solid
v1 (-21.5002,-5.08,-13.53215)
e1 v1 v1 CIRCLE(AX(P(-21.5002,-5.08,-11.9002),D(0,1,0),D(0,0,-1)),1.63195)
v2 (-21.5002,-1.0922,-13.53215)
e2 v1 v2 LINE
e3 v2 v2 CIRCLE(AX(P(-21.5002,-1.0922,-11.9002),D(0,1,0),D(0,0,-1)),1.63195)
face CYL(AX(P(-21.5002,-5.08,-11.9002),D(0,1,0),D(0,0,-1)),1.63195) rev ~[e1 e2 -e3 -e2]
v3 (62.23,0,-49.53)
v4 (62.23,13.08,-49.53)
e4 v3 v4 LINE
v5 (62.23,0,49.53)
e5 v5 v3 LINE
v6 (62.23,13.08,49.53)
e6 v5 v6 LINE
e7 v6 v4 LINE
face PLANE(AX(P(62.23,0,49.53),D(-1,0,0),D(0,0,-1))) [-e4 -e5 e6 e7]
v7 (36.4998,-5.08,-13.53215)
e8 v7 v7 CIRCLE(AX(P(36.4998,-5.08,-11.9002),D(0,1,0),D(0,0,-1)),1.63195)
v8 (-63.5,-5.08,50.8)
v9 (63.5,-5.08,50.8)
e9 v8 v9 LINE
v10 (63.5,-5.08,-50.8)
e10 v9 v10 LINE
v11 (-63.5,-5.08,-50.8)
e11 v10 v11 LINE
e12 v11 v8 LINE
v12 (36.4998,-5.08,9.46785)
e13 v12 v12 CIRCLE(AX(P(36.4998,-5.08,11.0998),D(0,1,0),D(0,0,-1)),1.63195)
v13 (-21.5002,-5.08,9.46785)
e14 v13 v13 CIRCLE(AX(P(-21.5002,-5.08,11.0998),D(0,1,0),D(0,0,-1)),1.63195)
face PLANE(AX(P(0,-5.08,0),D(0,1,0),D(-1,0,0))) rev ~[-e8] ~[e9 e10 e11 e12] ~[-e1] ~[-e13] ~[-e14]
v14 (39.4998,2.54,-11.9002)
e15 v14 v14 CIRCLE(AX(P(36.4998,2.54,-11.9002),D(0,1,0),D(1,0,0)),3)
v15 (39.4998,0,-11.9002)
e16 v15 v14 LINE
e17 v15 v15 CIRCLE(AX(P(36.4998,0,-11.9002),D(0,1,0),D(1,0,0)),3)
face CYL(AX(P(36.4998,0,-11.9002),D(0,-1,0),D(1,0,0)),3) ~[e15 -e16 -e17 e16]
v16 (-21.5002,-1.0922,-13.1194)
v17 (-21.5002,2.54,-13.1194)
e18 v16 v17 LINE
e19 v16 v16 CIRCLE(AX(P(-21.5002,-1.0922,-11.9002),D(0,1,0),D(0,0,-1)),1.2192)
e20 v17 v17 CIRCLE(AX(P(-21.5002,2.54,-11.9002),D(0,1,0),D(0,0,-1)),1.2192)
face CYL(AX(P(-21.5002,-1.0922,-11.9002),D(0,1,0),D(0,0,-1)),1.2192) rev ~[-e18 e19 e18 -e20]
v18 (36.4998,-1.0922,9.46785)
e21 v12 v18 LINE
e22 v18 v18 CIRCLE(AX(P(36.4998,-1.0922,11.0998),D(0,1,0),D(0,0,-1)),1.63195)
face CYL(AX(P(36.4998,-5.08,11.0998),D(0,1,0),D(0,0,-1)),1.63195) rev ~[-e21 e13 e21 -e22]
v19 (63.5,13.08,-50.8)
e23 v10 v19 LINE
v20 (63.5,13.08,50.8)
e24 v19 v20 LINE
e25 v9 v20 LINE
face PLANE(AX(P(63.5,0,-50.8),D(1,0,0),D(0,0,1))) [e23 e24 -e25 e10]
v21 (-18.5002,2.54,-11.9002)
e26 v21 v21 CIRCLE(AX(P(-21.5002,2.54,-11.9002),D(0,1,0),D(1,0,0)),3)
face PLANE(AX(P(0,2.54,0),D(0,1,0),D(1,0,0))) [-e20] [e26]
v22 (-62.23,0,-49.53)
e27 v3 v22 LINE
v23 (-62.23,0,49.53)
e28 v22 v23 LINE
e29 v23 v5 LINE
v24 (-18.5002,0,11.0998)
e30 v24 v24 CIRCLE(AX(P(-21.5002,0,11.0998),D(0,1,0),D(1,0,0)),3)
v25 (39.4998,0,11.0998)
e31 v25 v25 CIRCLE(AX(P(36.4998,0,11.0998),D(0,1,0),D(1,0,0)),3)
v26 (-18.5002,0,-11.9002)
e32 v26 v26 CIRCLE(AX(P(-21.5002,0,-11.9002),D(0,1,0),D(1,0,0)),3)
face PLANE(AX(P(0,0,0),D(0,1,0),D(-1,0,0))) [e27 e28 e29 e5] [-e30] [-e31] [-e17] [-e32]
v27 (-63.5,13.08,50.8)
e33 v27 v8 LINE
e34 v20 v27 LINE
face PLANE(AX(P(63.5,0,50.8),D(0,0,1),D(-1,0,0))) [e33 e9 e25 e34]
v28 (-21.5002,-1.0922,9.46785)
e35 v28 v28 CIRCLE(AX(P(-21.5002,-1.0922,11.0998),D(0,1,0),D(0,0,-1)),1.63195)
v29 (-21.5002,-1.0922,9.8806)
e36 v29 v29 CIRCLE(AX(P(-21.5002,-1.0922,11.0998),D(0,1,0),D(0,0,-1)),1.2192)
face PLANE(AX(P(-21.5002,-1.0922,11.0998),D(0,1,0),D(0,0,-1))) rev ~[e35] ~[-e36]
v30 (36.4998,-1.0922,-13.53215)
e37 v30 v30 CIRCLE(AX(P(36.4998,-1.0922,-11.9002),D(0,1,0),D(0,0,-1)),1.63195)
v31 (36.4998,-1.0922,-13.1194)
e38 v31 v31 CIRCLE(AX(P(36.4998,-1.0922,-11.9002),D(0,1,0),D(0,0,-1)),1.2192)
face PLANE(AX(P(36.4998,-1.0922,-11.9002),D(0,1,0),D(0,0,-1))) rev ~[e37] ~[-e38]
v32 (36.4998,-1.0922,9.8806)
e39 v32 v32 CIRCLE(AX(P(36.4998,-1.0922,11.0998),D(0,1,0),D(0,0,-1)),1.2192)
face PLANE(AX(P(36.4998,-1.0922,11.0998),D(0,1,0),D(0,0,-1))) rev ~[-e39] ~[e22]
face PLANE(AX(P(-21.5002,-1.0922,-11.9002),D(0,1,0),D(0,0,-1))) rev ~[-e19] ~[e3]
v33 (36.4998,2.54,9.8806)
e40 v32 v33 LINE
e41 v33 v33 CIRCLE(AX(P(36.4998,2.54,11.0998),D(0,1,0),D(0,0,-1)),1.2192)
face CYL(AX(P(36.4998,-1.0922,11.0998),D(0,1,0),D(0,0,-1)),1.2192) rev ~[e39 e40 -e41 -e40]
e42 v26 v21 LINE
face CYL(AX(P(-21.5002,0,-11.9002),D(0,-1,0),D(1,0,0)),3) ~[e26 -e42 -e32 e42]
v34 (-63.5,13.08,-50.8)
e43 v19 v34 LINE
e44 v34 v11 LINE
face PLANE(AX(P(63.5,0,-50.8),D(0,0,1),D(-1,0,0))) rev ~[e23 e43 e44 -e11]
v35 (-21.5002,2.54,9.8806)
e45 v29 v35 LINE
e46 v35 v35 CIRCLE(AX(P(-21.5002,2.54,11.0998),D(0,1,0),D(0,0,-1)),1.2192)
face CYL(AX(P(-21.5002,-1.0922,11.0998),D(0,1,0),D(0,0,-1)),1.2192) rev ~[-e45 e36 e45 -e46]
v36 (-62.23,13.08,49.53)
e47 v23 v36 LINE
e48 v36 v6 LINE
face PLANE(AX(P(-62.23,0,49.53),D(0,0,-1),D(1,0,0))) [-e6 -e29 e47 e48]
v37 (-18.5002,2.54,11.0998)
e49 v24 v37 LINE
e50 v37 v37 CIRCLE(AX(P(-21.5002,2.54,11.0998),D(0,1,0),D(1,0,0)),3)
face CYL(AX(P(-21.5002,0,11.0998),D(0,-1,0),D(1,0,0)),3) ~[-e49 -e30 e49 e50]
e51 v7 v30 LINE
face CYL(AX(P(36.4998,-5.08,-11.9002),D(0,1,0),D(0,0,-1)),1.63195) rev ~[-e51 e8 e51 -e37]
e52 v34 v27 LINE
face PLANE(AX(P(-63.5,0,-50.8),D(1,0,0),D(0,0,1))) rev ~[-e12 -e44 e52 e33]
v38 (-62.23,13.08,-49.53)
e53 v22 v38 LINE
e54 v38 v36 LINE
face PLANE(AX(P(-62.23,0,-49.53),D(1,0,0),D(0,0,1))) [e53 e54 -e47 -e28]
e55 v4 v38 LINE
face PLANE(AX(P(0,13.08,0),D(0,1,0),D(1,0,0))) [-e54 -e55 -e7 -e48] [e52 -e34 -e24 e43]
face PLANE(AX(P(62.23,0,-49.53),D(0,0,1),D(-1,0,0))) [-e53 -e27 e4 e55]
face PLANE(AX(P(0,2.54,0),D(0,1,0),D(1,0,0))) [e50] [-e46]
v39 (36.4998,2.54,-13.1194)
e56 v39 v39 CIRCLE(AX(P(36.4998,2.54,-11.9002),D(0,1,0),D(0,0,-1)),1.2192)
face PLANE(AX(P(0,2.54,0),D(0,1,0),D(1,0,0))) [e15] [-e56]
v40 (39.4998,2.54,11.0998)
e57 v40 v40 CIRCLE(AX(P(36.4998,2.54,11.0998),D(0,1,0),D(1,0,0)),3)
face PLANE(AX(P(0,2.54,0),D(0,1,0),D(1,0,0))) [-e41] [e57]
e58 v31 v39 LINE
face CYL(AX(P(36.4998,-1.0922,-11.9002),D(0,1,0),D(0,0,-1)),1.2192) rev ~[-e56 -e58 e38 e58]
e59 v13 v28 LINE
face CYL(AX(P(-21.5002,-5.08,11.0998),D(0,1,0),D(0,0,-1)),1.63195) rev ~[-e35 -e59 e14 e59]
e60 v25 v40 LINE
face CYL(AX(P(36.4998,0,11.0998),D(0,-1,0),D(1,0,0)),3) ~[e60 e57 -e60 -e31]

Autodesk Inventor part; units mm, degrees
ref_plane "YZ Plane" through (0, 0, 0) normal (1, 0, 0) x (0, 1, 0)
ref_plane "XZ Plane" through (0, 0, 0) normal (0, 1, 0) x (-1, 0, 0)
ref_plane "XY Plane" through (0, 0, 0) normal (0, 0, 1) x (1, 0, 0)
sketch "Sketch1" plane through (0, 0, 0) normal (0, 1, 0) x (-1, 0, 0)
  line L0 (63.5, 50.8) -> (-63.5, 50.8)
  line L1 (-63.5, 50.8) -> (-63.5, -50.8)
  line L2 (-63.5, -50.8) -> (63.5, -50.8)
  line L3 (63.5, -50.8) -> (63.5, 50.8)
  line L4 (63.5, 50.8) -> (-63.5, -50.8) construction
  line L5 (-63.5, 50.8) -> (63.5, -50.8) construction
  point P0 (0, 0)
  dimension "d0" = 127
  dimension "d1" = 101.6
extrude "Extrusion1" add sketch "Sketch1" against normal blind 5.08
sketch "Sketch26" plane through (0, 0, 0) normal (0, 1, 0) x (1, 0, 0)
  line L0 (-21.5002, -11.0998) -> (36.4998, -11.0998) construction
  line L1 (36.4998, -11.0998) -> (36.4998, 11.9002) construction
  line L2 (36.4998, 11.9002) -> (-21.5002, 11.9002) construction
  line L3 (-21.5002, 11.9002) -> (-21.5002, -11.0998) construction
  line L4 (-63.5, -50.8) -> (63.5, -50.8) construction
  line L5 (63.5, -50.8) -> (-63.5, -50.8) construction
  circle A0 centre (-21.5002, -11.0998) radius 3
  circle A1 centre (-21.5002, 11.9002) radius 3
  circle A2 centre (36.4998, 11.9002) radius 3
  circle A3 centre (36.4998, -11.0998) radius 3
  line L6 (63.5, -50.8) -> (63.5, 50.8) projected
  line L7 (-21.5002, 0.4002) -> (36.4998, 0.4002) construction
  point P0 (0, 0)
  dimension "d173" = 58
  dimension "d174" = 23
  dimension "d175" = 39.7002
  dimension "d176" = 6
  dimension "d190" = 27.0002
  dimension "piZeroCenterLine" = 0.4002
extrude "Extrusion12" add sketch "Sketch26" along normal blind 2.54
sketch "Sketch27" plane through (0, -5.08, 0) normal (0, -1, 0) x (1, 0, 0)
  circle A0 centre (-21.5002, 11.0998) radius 3 projected
  circle A1 centre (-21.5002, -11.9002) radius 3 projected
  circle A2 centre (36.4998, -11.9002) radius 3 projected
  circle A3 centre (36.4998, 11.0998) radius 3 projected
  point P0 (0, 0)
hole "Hole17" at (-21.5002, -5.08, 11.0998) at (36.4998, -5.08, 11.0998) at (36.4998, -5.08, -11.9002) at (-21.5002, -5.08, -11.9002) direction (0, 1, 0) diameter 2.4384 end through all counterbore diameter 3.2639 counterbore depth 3.9878
sketch "Sketch28" plane through (0, 0, 0) normal (0, 1, 0) x (1, 0, 0)
  line L0 (63.5, -50.8) -> (-63.5, -50.8) projected
  line L1 (63.5, 50.8) -> (63.5, -50.8) projected
  line L2 (-63.5, -50.8) -> (63.5, -50.8)
  line L3 (63.5, -50.8) -> (63.5, 50.8)
  line L4 (63.5, 50.8) -> (-63.5, 50.8)
  line L5 (-63.5, 50.8) -> (-63.5, -50.8)
  line L6 (-62.23, -49.53) -> (62.23, -49.53)
  line L7 (62.23, -49.53) -> (62.23, 49.53)
  line L8 (62.23, 49.53) -> (-62.23, 49.53)
  line L9 (-62.23, 49.53) -> (-62.23, -49.53)
  line L10 (-62.23, -49.53) -> (62.23, 49.53) construction
  line L11 (62.23, -49.53) -> (-62.23, 49.53) construction
  point P0 (0, 0)
  dimension "d186" = 1.27
  dimension "d187" = 1.27
extrude "Extrusion13" add sketch "Sketch28" along normal blind 13.08
sketch "Sketch22" plane through (0, -5.08, 0) normal (0, -1, 0) x (1, 0, 0)
  point P0 (34.92, -17.42)
  point P1 (34.92, 17.42)
  point P2 (-34.92, 17.42)
  point P3 (-34.92, -17.42)
equation "\"d0\" = LargeCaseLength"
equation "\"d1\" = LargeCaseWidth"
equation "\"d2\" = CaseFloorThickness"
equation "\"d173\" = PiZeroMoutingHolesLength"
equation "\"d174\" = PiZeroMountingHolesWidth"
equation "\"d175\" = PiZeroHolesDistanceFromSideWall"
equation "\"d176\" = PiZeroHoleSupport"
equation "\"d190\" = PiZeroHolesDistanceFromBottomWall"
equation "\"d177\" = PiZeroWHoleHeight"
equation "\"d186\" = CaseWallThickness"
equation "\"d187\" = CaseWallThickness"
equation "\"d188\" = CaseHeight"
equation "\"PiZeroWLength\" = 65"
equation "\"PiZeroWWidth\" = 30"
equation "\"CaseLength\" = PiZeroWLength + 2 * EndOfCaseToStartOfPiZero"
equation "\"CaseWidth\" = PiZeroWWidth + 2 * EndOfCaseToStartOfPiZero"
equation "\"PiZeroWMountingHole\" = 2.75"
equation "\"CaseWallThickness\" = 1.27"
equation "\"CaseFloorThickness\" = 5.08"
equation "\"PiZeroMoutingHolesLength\" = 58"
equation "\"PiZeroMountingHolesWidth\" = 23"
equation "\"PiZeroHoleSupport\" = 6"
equation "\"PiZeroWHoleHeight\" = 2.54"
equation "\"PiRibbonCableWidth\" = 20"
equation "\"PiRibbonCableThickness\" = 5"
equation "\"HdmiCenter\" = 19"
equation "\"MiniUsbCenter\" = 41.4"
equation "\"PowerCenter\" = 54"
equation "\"HdmiWidth\" = 28"
equation "\"MiniUsbWidth\" = 18"
equation "\"PowerWidth\" = 20"
equation "\"EndOfCaseToStartOfPiZero\" = 7.5"
equation "\"EyepieceOutsideDiameter\" = 31.75"
equation "\"EyepieceWallThickness\" = 1.905"
equation "\"EyepieceInnerDiameter\" = EyepieceOutsideDiameter - 2 * EyepieceWallThickness"
equation "\"HeightOfConnectorHolesAboveBottom\" = 6"
equation "\"HdmiHightAboveBottom\" = 6"
equation "\"MiniUsbHeightAboveBottom\" = 5"
equation "\"PowerHeightAboveBottom\" = 5"
equation "\"PiRibbonCableHeightFromTp\" = 8.89"
equation "\"NutHeightPlusOffset\" = 1.8415"
equation "\"NutWidthPlusOffset\" = 5.0165"
equation "\"LargeCaseWidth\" = 101.6"
equation "\"LargeCaseLength\" = 127"
equation "\"CameraHoleLength\" = 12.58"
equation "\"CameraHoleWidth\" = 21"
equation "\"PiZeroHolesDistanceFromSideWall\" = 39.7002"
equation "\"PiZeroHolesDistanceFromBottomWall\" = 27.0002"
equation "\"CaseHeight\" = 13.08"
properties part number "LargeCaseCaseBottomForPiZeroWV02" material "LCP Plastic"
